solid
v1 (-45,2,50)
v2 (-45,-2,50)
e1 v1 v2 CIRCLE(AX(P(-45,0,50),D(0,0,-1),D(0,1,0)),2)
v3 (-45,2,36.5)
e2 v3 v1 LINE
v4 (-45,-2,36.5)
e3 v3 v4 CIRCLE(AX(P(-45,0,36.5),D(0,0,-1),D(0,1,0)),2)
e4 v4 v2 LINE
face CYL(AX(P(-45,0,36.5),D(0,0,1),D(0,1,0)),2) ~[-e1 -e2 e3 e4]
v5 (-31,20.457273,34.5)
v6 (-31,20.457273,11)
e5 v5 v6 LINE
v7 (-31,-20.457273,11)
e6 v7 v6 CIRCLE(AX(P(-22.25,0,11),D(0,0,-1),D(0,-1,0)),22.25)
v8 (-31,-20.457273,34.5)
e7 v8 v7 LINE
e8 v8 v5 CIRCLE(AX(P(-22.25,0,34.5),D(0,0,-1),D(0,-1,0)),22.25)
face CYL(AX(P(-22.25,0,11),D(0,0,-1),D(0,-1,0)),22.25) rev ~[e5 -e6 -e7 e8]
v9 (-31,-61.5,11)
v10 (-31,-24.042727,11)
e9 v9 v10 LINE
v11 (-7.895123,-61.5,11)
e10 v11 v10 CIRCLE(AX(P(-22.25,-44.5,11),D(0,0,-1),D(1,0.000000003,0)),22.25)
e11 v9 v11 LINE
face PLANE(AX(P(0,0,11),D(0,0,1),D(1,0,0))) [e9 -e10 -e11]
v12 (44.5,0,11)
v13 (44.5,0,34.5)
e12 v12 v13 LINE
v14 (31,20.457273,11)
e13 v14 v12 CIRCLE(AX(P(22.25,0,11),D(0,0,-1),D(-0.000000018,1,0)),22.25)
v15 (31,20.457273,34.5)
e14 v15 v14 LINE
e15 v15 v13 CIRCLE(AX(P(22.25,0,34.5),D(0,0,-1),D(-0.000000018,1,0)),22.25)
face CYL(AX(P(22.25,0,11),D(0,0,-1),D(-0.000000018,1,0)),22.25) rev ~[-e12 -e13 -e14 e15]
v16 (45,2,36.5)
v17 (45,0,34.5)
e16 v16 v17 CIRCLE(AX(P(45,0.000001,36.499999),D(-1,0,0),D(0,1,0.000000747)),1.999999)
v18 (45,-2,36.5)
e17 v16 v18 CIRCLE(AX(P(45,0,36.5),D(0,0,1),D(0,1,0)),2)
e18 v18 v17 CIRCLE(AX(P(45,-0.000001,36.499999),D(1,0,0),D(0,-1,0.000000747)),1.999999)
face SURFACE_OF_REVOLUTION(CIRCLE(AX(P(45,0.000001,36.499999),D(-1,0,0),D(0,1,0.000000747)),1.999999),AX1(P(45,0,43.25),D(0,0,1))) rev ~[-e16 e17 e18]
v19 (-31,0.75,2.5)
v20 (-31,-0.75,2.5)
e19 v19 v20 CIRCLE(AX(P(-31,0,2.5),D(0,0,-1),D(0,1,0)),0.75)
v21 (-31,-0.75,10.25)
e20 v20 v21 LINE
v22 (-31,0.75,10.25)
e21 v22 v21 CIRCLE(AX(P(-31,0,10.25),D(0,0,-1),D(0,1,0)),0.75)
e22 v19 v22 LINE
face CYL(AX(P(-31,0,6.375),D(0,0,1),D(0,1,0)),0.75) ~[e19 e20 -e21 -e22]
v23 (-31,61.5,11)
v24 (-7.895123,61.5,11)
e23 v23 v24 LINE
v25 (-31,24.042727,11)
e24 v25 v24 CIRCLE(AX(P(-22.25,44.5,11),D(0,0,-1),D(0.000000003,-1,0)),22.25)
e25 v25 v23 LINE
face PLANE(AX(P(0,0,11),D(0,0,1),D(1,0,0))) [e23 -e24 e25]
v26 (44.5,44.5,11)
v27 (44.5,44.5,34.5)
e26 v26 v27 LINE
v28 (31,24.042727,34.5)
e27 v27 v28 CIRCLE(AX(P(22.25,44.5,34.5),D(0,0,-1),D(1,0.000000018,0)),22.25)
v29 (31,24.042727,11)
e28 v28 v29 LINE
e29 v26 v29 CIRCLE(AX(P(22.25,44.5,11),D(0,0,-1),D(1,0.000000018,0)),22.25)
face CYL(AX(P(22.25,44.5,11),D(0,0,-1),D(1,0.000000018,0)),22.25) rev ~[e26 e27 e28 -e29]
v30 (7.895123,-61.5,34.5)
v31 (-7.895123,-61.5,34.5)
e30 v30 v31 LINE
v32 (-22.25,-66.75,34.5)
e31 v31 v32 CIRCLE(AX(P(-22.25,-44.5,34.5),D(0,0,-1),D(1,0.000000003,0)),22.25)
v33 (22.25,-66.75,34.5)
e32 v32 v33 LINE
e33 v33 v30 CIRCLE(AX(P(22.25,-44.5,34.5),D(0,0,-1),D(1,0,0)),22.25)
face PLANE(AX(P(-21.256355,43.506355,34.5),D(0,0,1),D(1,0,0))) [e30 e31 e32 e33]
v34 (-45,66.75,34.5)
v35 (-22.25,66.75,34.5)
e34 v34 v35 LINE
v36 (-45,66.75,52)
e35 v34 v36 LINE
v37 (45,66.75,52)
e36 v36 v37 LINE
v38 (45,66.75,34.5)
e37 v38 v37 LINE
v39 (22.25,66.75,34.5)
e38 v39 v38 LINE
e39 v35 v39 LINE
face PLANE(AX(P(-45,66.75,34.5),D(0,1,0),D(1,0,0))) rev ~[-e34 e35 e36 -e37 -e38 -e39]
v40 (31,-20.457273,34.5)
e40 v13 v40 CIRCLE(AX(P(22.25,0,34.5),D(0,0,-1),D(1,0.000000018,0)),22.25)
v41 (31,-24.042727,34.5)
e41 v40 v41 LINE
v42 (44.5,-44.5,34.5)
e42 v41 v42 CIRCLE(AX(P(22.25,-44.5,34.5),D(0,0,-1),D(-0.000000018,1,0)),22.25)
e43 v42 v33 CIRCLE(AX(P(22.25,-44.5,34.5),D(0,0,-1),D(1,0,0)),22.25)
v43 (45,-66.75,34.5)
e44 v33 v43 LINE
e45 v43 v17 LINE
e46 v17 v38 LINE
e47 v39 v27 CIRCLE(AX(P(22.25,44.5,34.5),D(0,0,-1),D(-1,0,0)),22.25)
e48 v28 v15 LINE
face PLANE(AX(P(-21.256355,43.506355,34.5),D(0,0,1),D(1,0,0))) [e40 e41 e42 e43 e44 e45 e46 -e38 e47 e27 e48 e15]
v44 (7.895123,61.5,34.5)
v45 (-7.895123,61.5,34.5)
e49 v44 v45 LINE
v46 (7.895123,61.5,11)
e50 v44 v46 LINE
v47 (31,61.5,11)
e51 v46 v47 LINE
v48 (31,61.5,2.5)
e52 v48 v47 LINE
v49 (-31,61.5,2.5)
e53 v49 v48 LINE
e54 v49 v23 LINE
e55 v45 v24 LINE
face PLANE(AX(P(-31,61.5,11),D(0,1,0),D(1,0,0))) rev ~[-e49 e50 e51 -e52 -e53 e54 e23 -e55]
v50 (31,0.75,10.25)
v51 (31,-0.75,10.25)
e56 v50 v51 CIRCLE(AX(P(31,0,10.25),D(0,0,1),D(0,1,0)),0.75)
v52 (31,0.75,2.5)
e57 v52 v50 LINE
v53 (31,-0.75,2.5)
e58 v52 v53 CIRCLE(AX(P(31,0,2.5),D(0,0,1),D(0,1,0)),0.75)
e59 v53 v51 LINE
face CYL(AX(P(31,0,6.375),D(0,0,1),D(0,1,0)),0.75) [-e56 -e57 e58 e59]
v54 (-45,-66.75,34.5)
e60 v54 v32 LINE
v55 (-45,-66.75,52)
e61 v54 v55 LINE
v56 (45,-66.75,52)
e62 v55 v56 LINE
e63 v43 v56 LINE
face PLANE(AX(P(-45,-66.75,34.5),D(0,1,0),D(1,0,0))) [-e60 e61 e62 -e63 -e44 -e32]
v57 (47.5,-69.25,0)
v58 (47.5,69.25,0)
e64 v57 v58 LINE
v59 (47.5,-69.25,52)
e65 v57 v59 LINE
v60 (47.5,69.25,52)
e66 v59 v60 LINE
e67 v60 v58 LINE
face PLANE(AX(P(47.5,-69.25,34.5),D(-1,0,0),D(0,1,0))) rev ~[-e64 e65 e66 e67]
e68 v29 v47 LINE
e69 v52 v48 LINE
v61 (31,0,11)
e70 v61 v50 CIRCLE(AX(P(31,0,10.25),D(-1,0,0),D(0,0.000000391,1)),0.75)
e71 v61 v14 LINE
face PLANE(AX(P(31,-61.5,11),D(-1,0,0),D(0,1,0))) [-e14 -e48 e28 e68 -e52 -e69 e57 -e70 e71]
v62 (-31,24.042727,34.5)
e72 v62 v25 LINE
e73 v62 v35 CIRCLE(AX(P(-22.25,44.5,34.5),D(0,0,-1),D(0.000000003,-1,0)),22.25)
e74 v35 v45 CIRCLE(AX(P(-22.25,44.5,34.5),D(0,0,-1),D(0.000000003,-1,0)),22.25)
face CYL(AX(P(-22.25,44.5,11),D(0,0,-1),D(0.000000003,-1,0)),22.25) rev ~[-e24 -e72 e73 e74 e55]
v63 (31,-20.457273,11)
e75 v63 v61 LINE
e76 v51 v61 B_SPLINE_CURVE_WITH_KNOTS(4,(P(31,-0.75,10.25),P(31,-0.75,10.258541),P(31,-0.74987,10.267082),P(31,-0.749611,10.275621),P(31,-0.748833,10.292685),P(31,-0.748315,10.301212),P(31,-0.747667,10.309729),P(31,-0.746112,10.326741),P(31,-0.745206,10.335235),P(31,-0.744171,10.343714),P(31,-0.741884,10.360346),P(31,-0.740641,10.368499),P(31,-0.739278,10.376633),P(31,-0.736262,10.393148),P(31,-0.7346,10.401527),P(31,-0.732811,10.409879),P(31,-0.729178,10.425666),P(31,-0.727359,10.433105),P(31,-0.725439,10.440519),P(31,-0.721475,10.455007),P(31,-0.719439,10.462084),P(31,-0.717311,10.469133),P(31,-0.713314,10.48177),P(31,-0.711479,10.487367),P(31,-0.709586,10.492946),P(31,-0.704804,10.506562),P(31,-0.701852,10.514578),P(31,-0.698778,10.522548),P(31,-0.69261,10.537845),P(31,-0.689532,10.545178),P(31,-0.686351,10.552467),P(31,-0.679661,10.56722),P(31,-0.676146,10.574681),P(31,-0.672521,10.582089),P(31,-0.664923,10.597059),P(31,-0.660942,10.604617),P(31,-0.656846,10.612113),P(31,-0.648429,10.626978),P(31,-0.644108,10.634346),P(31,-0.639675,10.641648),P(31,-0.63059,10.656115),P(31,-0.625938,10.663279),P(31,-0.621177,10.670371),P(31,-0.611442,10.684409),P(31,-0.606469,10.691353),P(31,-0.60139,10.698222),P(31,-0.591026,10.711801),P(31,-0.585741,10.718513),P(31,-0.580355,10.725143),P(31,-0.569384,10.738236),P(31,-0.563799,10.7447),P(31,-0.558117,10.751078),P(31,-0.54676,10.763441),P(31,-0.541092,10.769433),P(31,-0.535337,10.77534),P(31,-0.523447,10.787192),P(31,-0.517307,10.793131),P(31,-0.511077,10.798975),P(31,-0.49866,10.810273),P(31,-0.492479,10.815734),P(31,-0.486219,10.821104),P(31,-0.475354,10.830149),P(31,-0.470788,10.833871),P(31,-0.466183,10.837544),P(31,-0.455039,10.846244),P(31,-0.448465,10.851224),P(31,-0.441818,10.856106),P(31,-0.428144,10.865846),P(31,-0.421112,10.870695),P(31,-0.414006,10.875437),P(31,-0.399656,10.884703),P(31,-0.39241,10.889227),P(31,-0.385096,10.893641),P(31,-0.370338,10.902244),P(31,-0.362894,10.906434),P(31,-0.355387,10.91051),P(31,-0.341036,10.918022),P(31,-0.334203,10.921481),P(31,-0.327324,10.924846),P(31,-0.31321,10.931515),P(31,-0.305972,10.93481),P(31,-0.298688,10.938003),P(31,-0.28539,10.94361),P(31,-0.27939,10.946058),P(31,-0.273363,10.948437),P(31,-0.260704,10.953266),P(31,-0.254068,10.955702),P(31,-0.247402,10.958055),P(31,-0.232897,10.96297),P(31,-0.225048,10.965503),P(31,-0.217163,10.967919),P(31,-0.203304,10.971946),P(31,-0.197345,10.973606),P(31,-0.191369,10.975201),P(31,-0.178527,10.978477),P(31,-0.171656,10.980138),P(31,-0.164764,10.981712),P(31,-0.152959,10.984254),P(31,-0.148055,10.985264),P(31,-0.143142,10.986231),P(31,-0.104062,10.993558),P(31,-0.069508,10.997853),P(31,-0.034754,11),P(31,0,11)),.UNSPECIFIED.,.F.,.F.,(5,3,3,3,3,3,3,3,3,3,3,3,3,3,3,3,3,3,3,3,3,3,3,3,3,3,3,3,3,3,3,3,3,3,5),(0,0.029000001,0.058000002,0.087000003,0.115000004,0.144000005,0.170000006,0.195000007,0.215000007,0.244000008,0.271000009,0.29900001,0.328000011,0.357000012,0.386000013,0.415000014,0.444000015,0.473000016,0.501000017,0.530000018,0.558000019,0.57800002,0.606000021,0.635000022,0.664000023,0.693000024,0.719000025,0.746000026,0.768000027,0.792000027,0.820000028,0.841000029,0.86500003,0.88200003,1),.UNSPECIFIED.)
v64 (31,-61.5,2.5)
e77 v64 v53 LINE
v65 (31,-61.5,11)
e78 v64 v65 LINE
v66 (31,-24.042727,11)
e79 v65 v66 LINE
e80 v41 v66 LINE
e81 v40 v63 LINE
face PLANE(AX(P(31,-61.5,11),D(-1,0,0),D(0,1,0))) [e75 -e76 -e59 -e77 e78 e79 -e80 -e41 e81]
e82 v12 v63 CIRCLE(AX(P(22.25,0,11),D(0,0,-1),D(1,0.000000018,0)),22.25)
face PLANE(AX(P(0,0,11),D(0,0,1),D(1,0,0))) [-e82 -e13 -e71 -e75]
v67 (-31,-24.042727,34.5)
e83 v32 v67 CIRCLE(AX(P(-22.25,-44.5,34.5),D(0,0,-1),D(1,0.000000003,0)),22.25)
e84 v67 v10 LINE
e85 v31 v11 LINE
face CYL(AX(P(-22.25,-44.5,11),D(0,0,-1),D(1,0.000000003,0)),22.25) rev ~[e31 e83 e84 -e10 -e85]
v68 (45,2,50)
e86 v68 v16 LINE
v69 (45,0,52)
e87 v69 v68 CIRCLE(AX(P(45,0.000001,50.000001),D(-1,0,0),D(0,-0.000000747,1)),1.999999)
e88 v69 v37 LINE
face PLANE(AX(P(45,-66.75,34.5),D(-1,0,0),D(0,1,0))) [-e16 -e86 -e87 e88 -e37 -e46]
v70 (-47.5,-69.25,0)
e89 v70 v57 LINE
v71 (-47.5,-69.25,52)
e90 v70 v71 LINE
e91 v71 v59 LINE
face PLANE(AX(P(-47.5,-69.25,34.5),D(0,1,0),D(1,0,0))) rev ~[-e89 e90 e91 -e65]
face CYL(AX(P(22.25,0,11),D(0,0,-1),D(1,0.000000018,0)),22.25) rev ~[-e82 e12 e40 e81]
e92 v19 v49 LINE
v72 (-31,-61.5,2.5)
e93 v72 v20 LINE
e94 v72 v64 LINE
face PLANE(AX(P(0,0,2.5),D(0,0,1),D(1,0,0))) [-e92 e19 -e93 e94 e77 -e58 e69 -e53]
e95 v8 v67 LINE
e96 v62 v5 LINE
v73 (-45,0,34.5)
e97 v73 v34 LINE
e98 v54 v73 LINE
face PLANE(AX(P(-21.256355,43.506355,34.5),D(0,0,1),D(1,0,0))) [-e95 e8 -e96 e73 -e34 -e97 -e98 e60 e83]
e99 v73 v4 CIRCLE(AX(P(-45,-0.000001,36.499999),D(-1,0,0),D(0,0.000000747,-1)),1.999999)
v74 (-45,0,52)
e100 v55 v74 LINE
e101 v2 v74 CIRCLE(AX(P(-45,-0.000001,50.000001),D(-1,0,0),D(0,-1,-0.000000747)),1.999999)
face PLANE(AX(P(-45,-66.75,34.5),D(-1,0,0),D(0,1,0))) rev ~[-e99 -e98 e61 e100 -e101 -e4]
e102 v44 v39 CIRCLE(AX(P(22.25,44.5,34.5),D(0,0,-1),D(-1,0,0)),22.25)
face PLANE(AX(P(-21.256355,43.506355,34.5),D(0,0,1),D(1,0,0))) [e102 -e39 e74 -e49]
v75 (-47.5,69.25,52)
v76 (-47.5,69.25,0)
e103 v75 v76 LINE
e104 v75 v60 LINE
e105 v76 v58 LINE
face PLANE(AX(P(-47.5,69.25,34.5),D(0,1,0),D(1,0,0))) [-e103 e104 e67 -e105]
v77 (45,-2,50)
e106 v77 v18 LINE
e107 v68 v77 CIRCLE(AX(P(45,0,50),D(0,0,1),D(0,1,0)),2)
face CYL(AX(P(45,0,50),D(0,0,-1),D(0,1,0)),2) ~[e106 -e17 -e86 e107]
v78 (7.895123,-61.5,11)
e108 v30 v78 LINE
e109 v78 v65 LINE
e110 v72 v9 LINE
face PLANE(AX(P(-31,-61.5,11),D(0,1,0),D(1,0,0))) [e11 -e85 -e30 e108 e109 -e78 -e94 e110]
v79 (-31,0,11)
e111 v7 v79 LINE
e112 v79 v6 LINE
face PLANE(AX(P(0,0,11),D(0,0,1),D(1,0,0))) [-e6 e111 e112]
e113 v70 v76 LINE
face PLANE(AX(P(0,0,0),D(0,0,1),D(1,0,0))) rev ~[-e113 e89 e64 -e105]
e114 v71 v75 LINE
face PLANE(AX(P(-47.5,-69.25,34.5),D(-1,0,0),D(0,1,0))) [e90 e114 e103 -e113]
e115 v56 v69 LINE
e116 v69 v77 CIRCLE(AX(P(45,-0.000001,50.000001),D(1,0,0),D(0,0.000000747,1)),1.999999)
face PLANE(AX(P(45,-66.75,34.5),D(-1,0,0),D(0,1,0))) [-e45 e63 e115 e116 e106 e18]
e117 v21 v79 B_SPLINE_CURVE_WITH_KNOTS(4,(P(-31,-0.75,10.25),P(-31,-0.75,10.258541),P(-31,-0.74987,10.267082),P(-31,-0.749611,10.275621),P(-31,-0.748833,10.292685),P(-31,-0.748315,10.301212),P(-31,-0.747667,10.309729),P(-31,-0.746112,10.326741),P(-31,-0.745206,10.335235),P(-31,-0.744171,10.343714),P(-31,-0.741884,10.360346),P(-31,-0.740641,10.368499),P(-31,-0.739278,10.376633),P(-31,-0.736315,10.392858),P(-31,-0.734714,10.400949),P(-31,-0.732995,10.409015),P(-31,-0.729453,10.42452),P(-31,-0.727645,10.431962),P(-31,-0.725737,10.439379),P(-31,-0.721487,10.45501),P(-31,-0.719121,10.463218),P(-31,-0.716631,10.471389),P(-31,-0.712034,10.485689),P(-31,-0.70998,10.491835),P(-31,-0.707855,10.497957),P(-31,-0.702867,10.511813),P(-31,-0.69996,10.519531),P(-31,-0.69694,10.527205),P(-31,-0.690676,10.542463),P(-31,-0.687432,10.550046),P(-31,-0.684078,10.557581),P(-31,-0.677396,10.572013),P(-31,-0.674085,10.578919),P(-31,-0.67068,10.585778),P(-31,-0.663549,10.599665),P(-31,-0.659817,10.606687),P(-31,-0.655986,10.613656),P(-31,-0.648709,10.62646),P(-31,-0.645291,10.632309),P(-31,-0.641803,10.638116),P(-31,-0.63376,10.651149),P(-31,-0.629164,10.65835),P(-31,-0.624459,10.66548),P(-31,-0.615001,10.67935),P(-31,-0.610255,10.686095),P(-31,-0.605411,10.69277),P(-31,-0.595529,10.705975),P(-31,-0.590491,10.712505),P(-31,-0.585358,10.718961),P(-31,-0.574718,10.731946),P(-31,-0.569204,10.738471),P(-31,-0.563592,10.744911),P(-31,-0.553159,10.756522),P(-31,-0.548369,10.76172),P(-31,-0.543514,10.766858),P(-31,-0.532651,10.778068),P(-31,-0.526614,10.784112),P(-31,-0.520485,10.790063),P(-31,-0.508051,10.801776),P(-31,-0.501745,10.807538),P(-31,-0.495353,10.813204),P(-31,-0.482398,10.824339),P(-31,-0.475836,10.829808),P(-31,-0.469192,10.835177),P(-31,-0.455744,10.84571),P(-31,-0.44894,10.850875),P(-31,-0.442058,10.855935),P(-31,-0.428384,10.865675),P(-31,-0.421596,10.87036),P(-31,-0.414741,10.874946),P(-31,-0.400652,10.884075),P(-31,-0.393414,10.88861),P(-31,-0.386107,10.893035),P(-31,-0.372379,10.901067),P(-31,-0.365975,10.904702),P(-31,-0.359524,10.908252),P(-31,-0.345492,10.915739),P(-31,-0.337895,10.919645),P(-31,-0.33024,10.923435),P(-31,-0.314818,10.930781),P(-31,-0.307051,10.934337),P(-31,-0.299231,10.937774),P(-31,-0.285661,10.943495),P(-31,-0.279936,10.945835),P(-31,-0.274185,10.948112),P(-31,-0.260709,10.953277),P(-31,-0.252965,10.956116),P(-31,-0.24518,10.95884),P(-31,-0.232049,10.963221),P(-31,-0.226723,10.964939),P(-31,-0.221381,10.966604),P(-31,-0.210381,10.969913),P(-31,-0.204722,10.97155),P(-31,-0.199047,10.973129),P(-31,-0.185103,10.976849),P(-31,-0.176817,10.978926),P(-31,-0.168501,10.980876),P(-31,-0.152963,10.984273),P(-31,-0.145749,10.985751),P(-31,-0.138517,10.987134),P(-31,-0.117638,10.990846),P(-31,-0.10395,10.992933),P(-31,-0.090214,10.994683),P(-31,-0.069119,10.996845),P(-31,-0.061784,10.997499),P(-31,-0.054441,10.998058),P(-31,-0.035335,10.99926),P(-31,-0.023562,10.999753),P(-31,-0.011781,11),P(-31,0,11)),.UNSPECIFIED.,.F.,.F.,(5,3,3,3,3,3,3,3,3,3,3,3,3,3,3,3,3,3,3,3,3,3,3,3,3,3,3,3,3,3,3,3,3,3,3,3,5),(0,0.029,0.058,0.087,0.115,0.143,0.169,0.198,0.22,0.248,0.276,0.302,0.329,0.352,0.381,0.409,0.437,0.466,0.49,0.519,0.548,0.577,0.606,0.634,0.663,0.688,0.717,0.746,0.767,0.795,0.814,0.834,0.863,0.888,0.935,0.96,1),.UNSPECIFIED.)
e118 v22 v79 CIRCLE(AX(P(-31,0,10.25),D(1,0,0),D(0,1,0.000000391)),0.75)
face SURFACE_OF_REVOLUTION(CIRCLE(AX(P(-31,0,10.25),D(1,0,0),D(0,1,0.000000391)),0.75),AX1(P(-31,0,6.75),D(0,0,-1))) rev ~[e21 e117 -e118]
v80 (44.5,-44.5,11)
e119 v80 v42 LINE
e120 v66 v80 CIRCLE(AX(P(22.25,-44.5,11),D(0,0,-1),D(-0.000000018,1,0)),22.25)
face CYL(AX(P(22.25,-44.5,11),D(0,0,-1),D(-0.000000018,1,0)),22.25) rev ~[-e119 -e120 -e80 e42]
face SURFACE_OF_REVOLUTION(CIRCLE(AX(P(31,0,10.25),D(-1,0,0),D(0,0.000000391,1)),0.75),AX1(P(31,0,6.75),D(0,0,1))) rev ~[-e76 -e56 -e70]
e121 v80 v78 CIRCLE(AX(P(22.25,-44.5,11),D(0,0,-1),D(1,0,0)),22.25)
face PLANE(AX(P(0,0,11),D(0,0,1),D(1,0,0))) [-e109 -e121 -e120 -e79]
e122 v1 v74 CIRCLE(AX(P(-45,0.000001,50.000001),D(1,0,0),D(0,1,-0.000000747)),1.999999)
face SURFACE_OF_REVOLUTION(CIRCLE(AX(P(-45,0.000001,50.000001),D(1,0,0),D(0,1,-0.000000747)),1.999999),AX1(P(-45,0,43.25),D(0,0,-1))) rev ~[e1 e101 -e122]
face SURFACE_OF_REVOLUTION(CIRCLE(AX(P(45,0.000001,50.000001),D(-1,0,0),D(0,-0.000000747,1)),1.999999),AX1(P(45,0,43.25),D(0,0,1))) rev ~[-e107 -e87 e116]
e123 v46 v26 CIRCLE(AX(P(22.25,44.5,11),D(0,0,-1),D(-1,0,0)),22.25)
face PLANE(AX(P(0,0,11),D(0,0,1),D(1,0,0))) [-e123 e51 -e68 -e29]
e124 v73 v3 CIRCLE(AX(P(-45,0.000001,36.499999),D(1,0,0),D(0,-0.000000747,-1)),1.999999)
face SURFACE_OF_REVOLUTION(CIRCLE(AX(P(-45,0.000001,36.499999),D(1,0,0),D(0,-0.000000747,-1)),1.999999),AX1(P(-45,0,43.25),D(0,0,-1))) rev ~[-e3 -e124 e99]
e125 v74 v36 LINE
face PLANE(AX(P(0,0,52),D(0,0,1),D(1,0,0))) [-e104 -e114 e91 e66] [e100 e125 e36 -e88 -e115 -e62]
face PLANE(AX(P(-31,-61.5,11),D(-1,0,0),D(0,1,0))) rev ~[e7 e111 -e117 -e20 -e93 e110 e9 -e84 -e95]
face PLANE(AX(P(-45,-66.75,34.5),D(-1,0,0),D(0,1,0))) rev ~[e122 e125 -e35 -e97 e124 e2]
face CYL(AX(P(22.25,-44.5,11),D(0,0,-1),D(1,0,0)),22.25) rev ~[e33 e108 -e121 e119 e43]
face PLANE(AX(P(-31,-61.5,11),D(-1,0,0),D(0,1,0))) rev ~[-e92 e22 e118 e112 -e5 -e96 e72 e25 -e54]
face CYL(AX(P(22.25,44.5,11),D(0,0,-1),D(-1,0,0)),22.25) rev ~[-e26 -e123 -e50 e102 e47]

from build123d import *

# Parameters (mm, degrees)
F0_W      = 95
F0_H      = 138.5
F1_DEPTH  = 2.5
F2_W      = 95
F2_H      = 138.5
F2_W_2    = 62
F2_H_2    = 123
F3_DEPTH  = 8.5
F4_W      = 95
F4_H      = 138.5
F5_DEPTH  = 23.5
F6_W      = 62
F6_H      = 123
F7_DEPTH  = 23.501
F8_W      = 95
F8_H      = 138.5
F8_W_2    = 90
F8_H_2    = 133.5
F9_DEPTH  = 17.5
F11_ANGLE = 180
F13_ANGLE = 180
F14_W     = 0.75
F14_H     = 7.75
F16_W     = 0.75
F16_H     = 7.75


with BuildPart() as f1:
    # F0 (on Top) → F1 (new body)
    with BuildSketch(Plane.XY):
        Rectangle(F0_W, F0_H)
    extrude(amount=F1_DEPTH)

    # F2 (on face) → F3 (join)
    with BuildSketch(Plane.XY.offset(2.5)):
        Rectangle(F2_W, F2_H)
        Rectangle(F2_W_2, F2_H_2, mode=Mode.SUBTRACT)
    extrude(amount=F3_DEPTH)

    # F4 (on face) → F5 (join)
    with BuildSketch(Plane.XY.offset(11)):
        with BuildLine():
            ThreePointArc((-22.25, 22.25), (-6.516874, 28.766874), (0, 44.5))
            ThreePointArc((0, 44.5), (-37.983126, 60.233126), (-22.25, 22.25))
        make_face()
        with BuildLine():
            ThreePointArc((44.5, 44.5), (22.25, 66.75), (0, 44.5))
            ThreePointArc((0, 44.5), (6.516874, 28.766874), (22.25, 22.25))
            ThreePointArc((22.25, 22.25), (37.983126, 28.766874), (44.5, 44.5))
        make_face()
        with BuildLine():
            ThreePointArc((0, 0), (-6.516874, 15.733126), (-22.25, 22.25))
            ThreePointArc((-22.25, 22.25), (-44.5, 0), (-22.25, -22.25))
            ThreePointArc((-22.25, -22.25), (-6.516874, -15.733126), (0, 0))
        make_face()
        with BuildLine():
            ThreePointArc((44.5, 0), (37.983126, 15.733126), (22.25, 22.25))
            ThreePointArc((22.25, 22.25), (6.516874, 15.733126), (0, 0))
            ThreePointArc((0, 0), (6.516874, -15.733126), (22.25, -22.25))
            ThreePointArc((22.25, -22.25), (37.983126, -15.733126), (44.5, 0))
        make_face()
        with BuildLine():
            ThreePointArc((0, -44.5), (-6.516874, -28.766874), (-22.25, -22.25))
            ThreePointArc((-22.25, -22.25), (-37.983126, -60.233126), (0, -44.5))
        make_face()
        with BuildLine():
            ThreePointArc((44.5, -44.5), (37.983126, -28.766874), (22.25, -22.25))
            ThreePointArc((22.25, -22.25), (6.516874, -28.766874), (0, -44.5))
            ThreePointArc((0, -44.5), (22.25, -66.75), (44.5, -44.5))
        make_face()
        Rectangle(F4_W, F4_H)
        with BuildLine():
            ThreePointArc((-22.25, 22.25), (-37.983126, 60.233126), (0, 44.5))
            ThreePointArc((0, 44.5), (22.25, 66.75), (44.5, 44.5))
            ThreePointArc((44.5, 44.5), (37.983126, 28.766874), (22.25, 22.25))
            ThreePointArc((22.25, 22.25), (37.983126, 15.733126), (44.5, 0))
            ThreePointArc((44.5, 0), (37.983126, -15.733126), (22.25, -22.25))
            ThreePointArc((22.25, -22.25), (37.983126, -28.766874), (44.5, -44.5))
            ThreePointArc((44.5, -44.5), (22.25, -66.75), (0, -44.5))
            ThreePointArc((0, -44.5), (-37.983126, -60.233126), (-22.25, -22.25))
            ThreePointArc((-22.25, -22.25), (-44.5, 0), (-22.25, 22.25))
        make_face(mode=Mode.SUBTRACT)
    extrude(amount=F5_DEPTH)

    # F6 (on face) → F7 (cut, through all)
    with BuildSketch(Plane.XY.offset(11)):
        Rectangle(F6_W, F6_H)
    extrude(amount=F7_DEPTH, mode=Mode.SUBTRACT)

    # F8 (on face) → F9 (join)
    with BuildSketch(Plane.XY.offset(34.5)):
        Rectangle(F8_W, F8_H)
        Rectangle(F8_W_2, F8_H_2, mode=Mode.SUBTRACT)
    extrude(amount=F9_DEPTH)

    # F10 (on face) → F11 (revolve)
    with BuildSketch(Plane.YZ.offset(-45)):
        with BuildLine():
            Line((0, 36.5), (0, 34.5))
            ThreePointArc((0, 34.5), (1.414214, 35.085786), (2, 36.5))
            Line((2, 36.5), (2, 50))
            ThreePointArc((2, 50), (1.414214, 51.414214), (0, 52))
            Line((0, 52), (0, 50))
            Line((0, 50), (0, 36.5))
        make_face()
    revolve(axis=Axis((-45, 0, 43.25), (0, 0, -1)), revolution_arc=F11_ANGLE)

    # F12 (on face) → F13 (revolve)
    with BuildSketch(Plane(origin=(45, 0, 0), x_dir=(0, -1, 0), z_dir=(-1, 0, 0))):
        with BuildLine():
            ThreePointArc((-2, 36.5), (-1.414214, 35.085786), (0, 34.5))
            Line((0, 34.5), (0, 36.5))
            Line((0, 36.5), (0, 50))
            Line((0, 50), (-2, 50))
            Line((-2, 50), (-2, 36.5))
        make_face()
        with BuildLine():
            Line((-2, 50), (0, 50))
            Line((0, 50), (0, 52))
            ThreePointArc((0, 52), (-1.414214, 51.414214), (-2, 50))
        make_face()
    revolve(axis=Axis((45, 0, 43.25), (0, 0, 1)), revolution_arc=F13_ANGLE)

    # F14 (on face) → F15 (revolve)
    with BuildSketch(Plane.YZ.offset(-31)):
        with BuildLine():
            ThreePointArc((0.75, 10.25), (0.53033, 10.78033), (0, 11))
            Line((0, 11), (0, 10.25))
            Line((0, 10.25), (0.75, 10.25))
        make_face()
        with Locations((0.375, 6.375)):
            Rectangle(F14_W, F14_H)
    revolve(axis=Axis((-31, 0, 6.75), (0, 0, -1)))

    # F16 (on face) → F17 (revolve)
    with BuildSketch(Plane(origin=(31, 0, 0), x_dir=(0, -1, 0), z_dir=(-1, 0, 0))):
        with Locations((-0.375, 6.375)):
            Rectangle(F16_W, F16_H)
        with BuildLine():
            Line((-0.75, 10.25), (0, 10.25))
            Line((0, 10.25), (0, 11))
            ThreePointArc((0, 11), (-0.53033, 10.78033), (-0.75, 10.25))
        make_face()
    revolve(axis=Axis((31, 0, 6.75), (0, 0, 1)))


solid = f1.part
